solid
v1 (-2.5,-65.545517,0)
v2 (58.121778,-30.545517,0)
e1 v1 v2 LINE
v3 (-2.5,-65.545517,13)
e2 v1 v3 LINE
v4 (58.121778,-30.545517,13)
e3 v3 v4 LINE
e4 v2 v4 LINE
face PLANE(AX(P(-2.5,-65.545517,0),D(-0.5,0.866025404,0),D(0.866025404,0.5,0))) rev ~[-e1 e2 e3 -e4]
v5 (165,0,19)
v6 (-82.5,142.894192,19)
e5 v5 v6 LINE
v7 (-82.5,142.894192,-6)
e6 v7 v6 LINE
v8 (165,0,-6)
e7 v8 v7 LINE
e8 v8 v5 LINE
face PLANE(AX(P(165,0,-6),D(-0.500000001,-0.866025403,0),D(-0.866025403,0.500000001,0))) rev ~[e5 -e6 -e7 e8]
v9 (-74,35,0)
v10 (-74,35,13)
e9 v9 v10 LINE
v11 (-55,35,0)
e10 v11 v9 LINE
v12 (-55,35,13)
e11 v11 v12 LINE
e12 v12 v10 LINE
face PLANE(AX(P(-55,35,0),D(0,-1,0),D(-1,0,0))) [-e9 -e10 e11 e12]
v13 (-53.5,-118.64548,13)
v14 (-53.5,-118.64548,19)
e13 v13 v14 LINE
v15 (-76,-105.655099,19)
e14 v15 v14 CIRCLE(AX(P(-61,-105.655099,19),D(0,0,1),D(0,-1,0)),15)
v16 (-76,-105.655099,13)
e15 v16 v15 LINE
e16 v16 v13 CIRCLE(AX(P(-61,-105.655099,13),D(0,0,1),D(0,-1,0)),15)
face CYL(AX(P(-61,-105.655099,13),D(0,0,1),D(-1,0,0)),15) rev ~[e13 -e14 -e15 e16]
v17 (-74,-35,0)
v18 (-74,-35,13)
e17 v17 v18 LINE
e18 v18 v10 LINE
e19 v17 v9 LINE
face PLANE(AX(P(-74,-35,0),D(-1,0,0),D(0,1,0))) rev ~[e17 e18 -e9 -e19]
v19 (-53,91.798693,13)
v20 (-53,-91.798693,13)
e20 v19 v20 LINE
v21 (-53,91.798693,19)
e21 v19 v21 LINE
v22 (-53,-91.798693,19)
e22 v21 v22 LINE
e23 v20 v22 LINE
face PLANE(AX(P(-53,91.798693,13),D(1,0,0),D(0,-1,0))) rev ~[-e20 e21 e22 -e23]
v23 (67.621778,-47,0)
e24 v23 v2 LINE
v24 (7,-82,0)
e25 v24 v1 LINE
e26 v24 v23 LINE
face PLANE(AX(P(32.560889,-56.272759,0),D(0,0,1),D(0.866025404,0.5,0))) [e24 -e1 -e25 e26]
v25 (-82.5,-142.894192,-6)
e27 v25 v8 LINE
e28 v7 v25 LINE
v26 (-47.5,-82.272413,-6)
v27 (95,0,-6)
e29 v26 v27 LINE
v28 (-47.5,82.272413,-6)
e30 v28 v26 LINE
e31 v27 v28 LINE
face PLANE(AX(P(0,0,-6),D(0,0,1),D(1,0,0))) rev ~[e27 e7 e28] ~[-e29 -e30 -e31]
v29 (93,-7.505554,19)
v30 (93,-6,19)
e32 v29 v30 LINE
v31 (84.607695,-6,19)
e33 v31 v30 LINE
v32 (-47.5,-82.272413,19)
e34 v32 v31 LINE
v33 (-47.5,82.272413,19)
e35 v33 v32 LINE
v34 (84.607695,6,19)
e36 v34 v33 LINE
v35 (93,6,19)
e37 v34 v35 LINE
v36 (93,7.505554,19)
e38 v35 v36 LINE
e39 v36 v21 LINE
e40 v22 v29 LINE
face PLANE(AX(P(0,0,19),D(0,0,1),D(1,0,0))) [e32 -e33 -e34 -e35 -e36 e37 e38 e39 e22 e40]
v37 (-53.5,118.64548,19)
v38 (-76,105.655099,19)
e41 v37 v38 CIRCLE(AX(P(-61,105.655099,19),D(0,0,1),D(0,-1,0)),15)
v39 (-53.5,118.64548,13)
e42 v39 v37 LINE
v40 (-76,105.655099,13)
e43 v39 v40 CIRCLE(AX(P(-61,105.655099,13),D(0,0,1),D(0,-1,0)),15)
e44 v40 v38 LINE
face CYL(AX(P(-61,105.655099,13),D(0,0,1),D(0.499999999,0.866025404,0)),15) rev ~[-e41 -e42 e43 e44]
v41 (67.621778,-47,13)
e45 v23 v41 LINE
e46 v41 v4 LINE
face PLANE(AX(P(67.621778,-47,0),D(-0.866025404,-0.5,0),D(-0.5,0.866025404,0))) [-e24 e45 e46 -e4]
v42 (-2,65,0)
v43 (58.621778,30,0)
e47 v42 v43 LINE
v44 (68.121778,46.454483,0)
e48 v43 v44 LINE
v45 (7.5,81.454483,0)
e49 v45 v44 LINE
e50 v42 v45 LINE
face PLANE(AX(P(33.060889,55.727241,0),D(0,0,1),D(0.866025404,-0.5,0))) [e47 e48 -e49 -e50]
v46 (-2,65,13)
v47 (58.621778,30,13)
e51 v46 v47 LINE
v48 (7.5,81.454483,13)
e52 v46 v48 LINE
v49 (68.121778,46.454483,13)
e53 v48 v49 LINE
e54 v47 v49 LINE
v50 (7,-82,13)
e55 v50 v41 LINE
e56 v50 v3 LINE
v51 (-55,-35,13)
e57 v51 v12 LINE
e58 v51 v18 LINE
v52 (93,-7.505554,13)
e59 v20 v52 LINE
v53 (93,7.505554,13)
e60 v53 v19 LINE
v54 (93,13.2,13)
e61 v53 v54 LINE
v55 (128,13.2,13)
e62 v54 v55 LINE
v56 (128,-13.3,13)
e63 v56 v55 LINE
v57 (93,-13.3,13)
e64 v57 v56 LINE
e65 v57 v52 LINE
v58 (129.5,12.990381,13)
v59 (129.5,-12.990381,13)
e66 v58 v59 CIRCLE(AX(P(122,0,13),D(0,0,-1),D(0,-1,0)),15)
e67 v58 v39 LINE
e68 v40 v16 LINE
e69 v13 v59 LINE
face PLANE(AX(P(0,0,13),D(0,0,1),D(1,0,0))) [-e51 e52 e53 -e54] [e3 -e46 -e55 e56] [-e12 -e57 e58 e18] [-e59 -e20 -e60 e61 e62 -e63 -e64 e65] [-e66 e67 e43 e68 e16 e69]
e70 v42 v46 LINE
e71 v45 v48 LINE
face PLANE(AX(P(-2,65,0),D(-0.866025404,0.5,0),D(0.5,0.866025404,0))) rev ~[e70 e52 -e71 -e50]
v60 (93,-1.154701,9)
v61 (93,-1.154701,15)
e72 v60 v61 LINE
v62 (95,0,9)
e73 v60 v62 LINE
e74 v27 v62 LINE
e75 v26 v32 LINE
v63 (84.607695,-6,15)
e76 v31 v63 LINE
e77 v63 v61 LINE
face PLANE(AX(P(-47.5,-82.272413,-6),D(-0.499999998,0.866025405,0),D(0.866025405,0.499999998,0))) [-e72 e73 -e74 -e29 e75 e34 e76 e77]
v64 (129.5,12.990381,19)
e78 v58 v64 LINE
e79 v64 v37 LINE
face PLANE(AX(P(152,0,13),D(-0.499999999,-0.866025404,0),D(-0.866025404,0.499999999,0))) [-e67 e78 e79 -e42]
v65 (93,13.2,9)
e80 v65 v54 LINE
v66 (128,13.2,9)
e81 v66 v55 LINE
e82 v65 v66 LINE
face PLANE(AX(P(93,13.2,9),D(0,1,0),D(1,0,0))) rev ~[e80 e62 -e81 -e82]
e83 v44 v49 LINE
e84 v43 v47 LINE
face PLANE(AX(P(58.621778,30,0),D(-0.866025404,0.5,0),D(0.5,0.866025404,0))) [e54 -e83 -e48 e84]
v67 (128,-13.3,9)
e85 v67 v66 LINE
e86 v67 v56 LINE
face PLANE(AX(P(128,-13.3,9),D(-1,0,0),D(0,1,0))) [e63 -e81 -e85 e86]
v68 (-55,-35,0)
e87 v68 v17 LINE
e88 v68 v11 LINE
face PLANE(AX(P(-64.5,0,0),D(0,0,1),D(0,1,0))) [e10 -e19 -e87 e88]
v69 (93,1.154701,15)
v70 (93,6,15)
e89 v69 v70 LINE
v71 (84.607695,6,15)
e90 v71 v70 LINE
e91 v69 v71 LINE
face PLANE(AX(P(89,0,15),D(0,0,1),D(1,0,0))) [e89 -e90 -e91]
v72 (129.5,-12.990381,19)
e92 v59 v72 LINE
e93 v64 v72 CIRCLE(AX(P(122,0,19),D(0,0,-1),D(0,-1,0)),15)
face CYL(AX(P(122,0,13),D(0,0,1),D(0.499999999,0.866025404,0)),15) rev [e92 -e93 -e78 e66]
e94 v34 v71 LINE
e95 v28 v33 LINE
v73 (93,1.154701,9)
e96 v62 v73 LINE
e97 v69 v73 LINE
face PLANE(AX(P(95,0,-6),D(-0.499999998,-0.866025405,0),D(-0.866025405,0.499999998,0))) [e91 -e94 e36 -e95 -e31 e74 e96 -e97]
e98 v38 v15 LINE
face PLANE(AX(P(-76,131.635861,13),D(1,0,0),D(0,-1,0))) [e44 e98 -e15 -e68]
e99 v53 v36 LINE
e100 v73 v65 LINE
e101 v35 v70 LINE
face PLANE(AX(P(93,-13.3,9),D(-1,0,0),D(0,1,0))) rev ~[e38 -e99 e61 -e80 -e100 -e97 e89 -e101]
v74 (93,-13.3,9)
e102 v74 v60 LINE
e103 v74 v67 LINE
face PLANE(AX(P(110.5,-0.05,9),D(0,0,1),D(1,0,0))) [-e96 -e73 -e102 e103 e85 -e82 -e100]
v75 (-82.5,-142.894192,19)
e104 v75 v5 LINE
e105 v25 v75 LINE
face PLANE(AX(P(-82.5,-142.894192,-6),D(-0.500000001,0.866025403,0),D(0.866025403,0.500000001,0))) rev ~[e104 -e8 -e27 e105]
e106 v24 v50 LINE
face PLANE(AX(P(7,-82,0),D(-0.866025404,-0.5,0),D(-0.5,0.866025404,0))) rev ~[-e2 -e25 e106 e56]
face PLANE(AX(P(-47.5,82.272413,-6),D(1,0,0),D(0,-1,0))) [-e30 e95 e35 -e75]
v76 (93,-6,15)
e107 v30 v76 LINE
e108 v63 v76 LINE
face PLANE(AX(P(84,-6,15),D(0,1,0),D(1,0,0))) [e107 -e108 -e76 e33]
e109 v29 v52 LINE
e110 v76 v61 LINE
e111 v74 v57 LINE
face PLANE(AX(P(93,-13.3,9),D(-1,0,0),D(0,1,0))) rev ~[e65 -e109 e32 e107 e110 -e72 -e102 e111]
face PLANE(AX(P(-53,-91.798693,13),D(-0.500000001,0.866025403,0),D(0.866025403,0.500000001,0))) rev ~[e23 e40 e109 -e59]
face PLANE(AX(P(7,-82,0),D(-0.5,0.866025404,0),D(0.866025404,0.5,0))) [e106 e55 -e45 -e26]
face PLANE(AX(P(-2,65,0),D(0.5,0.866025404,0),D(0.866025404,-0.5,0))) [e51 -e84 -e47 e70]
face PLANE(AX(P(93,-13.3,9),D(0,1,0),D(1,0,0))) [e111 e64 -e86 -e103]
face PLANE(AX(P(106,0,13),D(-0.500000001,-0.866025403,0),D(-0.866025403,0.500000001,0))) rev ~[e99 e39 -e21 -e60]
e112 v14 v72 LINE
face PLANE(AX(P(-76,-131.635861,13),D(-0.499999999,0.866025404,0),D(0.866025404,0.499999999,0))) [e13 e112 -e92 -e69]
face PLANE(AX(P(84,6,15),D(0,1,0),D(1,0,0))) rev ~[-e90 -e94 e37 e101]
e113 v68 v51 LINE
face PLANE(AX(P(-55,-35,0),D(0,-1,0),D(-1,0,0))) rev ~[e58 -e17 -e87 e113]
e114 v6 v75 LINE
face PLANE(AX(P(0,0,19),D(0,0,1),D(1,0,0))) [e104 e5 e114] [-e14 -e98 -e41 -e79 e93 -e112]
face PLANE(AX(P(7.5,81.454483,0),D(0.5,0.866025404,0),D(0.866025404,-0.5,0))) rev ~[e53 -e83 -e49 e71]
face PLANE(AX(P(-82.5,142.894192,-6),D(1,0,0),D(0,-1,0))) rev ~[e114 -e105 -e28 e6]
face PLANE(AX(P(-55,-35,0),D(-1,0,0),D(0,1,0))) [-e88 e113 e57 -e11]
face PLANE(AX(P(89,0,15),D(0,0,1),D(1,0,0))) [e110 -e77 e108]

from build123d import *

# Parameters (mm, degrees)
PRISM003_DEPTH         = 6
PRISM002_DEPTH         = 6
BOX004_W               = 10
BOX004_H               = 12
BOX004_DEPTH           = 4
BOX003_W               = 35
BOX003_H               = 26.5
BOX003_DEPTH           = 10
BOX002_W               = 70
BOX002_H               = 19
BOX002_DEPTH           = 19
BOX002_PLACEMENT_ANGLE = 30
BOX001_W               = 70
BOX001_H               = 19
BOX001_DEPTH           = 19
BOX001_PLACEMENT_ANGLE = 90
BOX_W                  = 70
BOX_H                  = 19
BOX_DEPTH              = 19
BOX_PLACEMENT_ANGLE    = 30
PRISM001_DEPTH         = 25
PRISM_DEPTH            = 25
FILLET_R               = 15


with BuildPart() as prism003:
    # Prism003 → Prism003 (new body)
    with BuildSketch(Plane.XY.offset(13)):
        Polygon((106, 0), (-53, 91.798693), (-53, -91.798693), align=None)
    extrude(amount=PRISM003_DEPTH)


with BuildPart() as cut006:
    # Prism002 → Prism002 (new body)
    with BuildSketch(Plane.XY.offset(13)):
        Polygon((152, 0), (-76, 131.635861), (-76, -131.635861), align=None)
    extrude(amount=PRISM002_DEPTH)

    # Cut006: cut Prism003
    add(prism003.part, mode=Mode.SUBTRACT)


with BuildPart() as box004:
    # Box004 → Box004 (new body)
    with BuildSketch(Plane(origin=(84, -6, 15), x_dir=(1, 0, 0), z_dir=(0, 0, 1))):
        with Locations((5, 6)):
            Rectangle(BOX004_W, BOX004_H)
    extrude(amount=BOX004_DEPTH)


with BuildPart() as box003:
    # Box003 → Box003 (new body)
    with BuildSketch(Plane(origin=(93, -13.3, 9), x_dir=(1, 0, 0), z_dir=(0, 0, 1))):
        with Locations((17.5, 13.25)):
            Rectangle(BOX003_W, BOX003_H)
    extrude(amount=BOX003_DEPTH)


with BuildPart() as box002:
    # Box002 → Box002 (new body)
    with BuildSketch(Plane.XY):
        with Locations((35, 9.5)):
            Rectangle(BOX002_W, BOX002_H)
    extrude(amount=BOX002_DEPTH)


with BuildPart() as box002_1:
    # Box002 placement: moved
    add(box002.part.moved(Location((7, -82, 0))).rotate(Axis((7, -82, 0), (0, 0, 1)), BOX002_PLACEMENT_ANGLE))


with BuildPart() as box001:
    # Box001 → Box001 (new body)
    with BuildSketch(Plane.XY):
        with Locations((35, 9.5)):
            Rectangle(BOX001_W, BOX001_H)
    extrude(amount=BOX001_DEPTH)


with BuildPart() as box001_1:
    # Box001 placement: moved
    add(box001.part.moved(Location((-55, -35, 0))).rotate(Axis((-55, -35, 0), (0, 0, 1)), BOX001_PLACEMENT_ANGLE))


with BuildPart() as box:
    # Box → Box (new body)
    with BuildSketch(Plane.XY):
        with Locations((35, 9.5)):
            Rectangle(BOX_W, BOX_H)
    extrude(amount=BOX_DEPTH)


with BuildPart() as box_1:
    # Box placement: moved
    add(box.part.moved(Location((-2, 65, 0))).rotate(Axis((-2, 65, 0), (0, 0, -1)), BOX_PLACEMENT_ANGLE))


with BuildPart() as prism001:
    # Prism001 → Prism001 (new body)
    with BuildSketch(Plane.XY.offset(-6)):
        Polygon((95, 0), (-47.5, 82.272413), (-47.5, -82.272413), align=None)
    extrude(amount=PRISM001_DEPTH)


with BuildPart() as base_fillet:
    # Prism → Prism (new body)
    with BuildSketch(Plane.XY.offset(-6)):
        Polygon((165, 0), (-82.5, 142.894192), (-82.5, -142.894192), align=None)
    extrude(amount=PRISM_DEPTH)

    # Cut: cut Prism001
    add(prism001.part, mode=Mode.SUBTRACT)

    # Cut001: cut Box
    add(box_1.part, mode=Mode.SUBTRACT)

    # Cut002: cut Box001
    add(box001_1.part, mode=Mode.SUBTRACT)

    # Cut003: cut Box002
    add(box002_1.part, mode=Mode.SUBTRACT)

    # Cut004: cut Box003
    add(box003.part, mode=Mode.SUBTRACT)

    # Cut005: cut Box004
    add(box004.part, mode=Mode.SUBTRACT)

    # Cut007: cut Cut006
    add(cut006.part, mode=Mode.SUBTRACT)

    # Fillet
    fillet_edges = [base_fillet.edges().sort_by_distance(p)[0] for p in [
        (152, 0, 16),
        (-76, 131.635861, 16),
        (-76, -131.635861, 16),
    ]]
    fillet(fillet_edges, radius=FILLET_R)


solid = base_fillet.part
